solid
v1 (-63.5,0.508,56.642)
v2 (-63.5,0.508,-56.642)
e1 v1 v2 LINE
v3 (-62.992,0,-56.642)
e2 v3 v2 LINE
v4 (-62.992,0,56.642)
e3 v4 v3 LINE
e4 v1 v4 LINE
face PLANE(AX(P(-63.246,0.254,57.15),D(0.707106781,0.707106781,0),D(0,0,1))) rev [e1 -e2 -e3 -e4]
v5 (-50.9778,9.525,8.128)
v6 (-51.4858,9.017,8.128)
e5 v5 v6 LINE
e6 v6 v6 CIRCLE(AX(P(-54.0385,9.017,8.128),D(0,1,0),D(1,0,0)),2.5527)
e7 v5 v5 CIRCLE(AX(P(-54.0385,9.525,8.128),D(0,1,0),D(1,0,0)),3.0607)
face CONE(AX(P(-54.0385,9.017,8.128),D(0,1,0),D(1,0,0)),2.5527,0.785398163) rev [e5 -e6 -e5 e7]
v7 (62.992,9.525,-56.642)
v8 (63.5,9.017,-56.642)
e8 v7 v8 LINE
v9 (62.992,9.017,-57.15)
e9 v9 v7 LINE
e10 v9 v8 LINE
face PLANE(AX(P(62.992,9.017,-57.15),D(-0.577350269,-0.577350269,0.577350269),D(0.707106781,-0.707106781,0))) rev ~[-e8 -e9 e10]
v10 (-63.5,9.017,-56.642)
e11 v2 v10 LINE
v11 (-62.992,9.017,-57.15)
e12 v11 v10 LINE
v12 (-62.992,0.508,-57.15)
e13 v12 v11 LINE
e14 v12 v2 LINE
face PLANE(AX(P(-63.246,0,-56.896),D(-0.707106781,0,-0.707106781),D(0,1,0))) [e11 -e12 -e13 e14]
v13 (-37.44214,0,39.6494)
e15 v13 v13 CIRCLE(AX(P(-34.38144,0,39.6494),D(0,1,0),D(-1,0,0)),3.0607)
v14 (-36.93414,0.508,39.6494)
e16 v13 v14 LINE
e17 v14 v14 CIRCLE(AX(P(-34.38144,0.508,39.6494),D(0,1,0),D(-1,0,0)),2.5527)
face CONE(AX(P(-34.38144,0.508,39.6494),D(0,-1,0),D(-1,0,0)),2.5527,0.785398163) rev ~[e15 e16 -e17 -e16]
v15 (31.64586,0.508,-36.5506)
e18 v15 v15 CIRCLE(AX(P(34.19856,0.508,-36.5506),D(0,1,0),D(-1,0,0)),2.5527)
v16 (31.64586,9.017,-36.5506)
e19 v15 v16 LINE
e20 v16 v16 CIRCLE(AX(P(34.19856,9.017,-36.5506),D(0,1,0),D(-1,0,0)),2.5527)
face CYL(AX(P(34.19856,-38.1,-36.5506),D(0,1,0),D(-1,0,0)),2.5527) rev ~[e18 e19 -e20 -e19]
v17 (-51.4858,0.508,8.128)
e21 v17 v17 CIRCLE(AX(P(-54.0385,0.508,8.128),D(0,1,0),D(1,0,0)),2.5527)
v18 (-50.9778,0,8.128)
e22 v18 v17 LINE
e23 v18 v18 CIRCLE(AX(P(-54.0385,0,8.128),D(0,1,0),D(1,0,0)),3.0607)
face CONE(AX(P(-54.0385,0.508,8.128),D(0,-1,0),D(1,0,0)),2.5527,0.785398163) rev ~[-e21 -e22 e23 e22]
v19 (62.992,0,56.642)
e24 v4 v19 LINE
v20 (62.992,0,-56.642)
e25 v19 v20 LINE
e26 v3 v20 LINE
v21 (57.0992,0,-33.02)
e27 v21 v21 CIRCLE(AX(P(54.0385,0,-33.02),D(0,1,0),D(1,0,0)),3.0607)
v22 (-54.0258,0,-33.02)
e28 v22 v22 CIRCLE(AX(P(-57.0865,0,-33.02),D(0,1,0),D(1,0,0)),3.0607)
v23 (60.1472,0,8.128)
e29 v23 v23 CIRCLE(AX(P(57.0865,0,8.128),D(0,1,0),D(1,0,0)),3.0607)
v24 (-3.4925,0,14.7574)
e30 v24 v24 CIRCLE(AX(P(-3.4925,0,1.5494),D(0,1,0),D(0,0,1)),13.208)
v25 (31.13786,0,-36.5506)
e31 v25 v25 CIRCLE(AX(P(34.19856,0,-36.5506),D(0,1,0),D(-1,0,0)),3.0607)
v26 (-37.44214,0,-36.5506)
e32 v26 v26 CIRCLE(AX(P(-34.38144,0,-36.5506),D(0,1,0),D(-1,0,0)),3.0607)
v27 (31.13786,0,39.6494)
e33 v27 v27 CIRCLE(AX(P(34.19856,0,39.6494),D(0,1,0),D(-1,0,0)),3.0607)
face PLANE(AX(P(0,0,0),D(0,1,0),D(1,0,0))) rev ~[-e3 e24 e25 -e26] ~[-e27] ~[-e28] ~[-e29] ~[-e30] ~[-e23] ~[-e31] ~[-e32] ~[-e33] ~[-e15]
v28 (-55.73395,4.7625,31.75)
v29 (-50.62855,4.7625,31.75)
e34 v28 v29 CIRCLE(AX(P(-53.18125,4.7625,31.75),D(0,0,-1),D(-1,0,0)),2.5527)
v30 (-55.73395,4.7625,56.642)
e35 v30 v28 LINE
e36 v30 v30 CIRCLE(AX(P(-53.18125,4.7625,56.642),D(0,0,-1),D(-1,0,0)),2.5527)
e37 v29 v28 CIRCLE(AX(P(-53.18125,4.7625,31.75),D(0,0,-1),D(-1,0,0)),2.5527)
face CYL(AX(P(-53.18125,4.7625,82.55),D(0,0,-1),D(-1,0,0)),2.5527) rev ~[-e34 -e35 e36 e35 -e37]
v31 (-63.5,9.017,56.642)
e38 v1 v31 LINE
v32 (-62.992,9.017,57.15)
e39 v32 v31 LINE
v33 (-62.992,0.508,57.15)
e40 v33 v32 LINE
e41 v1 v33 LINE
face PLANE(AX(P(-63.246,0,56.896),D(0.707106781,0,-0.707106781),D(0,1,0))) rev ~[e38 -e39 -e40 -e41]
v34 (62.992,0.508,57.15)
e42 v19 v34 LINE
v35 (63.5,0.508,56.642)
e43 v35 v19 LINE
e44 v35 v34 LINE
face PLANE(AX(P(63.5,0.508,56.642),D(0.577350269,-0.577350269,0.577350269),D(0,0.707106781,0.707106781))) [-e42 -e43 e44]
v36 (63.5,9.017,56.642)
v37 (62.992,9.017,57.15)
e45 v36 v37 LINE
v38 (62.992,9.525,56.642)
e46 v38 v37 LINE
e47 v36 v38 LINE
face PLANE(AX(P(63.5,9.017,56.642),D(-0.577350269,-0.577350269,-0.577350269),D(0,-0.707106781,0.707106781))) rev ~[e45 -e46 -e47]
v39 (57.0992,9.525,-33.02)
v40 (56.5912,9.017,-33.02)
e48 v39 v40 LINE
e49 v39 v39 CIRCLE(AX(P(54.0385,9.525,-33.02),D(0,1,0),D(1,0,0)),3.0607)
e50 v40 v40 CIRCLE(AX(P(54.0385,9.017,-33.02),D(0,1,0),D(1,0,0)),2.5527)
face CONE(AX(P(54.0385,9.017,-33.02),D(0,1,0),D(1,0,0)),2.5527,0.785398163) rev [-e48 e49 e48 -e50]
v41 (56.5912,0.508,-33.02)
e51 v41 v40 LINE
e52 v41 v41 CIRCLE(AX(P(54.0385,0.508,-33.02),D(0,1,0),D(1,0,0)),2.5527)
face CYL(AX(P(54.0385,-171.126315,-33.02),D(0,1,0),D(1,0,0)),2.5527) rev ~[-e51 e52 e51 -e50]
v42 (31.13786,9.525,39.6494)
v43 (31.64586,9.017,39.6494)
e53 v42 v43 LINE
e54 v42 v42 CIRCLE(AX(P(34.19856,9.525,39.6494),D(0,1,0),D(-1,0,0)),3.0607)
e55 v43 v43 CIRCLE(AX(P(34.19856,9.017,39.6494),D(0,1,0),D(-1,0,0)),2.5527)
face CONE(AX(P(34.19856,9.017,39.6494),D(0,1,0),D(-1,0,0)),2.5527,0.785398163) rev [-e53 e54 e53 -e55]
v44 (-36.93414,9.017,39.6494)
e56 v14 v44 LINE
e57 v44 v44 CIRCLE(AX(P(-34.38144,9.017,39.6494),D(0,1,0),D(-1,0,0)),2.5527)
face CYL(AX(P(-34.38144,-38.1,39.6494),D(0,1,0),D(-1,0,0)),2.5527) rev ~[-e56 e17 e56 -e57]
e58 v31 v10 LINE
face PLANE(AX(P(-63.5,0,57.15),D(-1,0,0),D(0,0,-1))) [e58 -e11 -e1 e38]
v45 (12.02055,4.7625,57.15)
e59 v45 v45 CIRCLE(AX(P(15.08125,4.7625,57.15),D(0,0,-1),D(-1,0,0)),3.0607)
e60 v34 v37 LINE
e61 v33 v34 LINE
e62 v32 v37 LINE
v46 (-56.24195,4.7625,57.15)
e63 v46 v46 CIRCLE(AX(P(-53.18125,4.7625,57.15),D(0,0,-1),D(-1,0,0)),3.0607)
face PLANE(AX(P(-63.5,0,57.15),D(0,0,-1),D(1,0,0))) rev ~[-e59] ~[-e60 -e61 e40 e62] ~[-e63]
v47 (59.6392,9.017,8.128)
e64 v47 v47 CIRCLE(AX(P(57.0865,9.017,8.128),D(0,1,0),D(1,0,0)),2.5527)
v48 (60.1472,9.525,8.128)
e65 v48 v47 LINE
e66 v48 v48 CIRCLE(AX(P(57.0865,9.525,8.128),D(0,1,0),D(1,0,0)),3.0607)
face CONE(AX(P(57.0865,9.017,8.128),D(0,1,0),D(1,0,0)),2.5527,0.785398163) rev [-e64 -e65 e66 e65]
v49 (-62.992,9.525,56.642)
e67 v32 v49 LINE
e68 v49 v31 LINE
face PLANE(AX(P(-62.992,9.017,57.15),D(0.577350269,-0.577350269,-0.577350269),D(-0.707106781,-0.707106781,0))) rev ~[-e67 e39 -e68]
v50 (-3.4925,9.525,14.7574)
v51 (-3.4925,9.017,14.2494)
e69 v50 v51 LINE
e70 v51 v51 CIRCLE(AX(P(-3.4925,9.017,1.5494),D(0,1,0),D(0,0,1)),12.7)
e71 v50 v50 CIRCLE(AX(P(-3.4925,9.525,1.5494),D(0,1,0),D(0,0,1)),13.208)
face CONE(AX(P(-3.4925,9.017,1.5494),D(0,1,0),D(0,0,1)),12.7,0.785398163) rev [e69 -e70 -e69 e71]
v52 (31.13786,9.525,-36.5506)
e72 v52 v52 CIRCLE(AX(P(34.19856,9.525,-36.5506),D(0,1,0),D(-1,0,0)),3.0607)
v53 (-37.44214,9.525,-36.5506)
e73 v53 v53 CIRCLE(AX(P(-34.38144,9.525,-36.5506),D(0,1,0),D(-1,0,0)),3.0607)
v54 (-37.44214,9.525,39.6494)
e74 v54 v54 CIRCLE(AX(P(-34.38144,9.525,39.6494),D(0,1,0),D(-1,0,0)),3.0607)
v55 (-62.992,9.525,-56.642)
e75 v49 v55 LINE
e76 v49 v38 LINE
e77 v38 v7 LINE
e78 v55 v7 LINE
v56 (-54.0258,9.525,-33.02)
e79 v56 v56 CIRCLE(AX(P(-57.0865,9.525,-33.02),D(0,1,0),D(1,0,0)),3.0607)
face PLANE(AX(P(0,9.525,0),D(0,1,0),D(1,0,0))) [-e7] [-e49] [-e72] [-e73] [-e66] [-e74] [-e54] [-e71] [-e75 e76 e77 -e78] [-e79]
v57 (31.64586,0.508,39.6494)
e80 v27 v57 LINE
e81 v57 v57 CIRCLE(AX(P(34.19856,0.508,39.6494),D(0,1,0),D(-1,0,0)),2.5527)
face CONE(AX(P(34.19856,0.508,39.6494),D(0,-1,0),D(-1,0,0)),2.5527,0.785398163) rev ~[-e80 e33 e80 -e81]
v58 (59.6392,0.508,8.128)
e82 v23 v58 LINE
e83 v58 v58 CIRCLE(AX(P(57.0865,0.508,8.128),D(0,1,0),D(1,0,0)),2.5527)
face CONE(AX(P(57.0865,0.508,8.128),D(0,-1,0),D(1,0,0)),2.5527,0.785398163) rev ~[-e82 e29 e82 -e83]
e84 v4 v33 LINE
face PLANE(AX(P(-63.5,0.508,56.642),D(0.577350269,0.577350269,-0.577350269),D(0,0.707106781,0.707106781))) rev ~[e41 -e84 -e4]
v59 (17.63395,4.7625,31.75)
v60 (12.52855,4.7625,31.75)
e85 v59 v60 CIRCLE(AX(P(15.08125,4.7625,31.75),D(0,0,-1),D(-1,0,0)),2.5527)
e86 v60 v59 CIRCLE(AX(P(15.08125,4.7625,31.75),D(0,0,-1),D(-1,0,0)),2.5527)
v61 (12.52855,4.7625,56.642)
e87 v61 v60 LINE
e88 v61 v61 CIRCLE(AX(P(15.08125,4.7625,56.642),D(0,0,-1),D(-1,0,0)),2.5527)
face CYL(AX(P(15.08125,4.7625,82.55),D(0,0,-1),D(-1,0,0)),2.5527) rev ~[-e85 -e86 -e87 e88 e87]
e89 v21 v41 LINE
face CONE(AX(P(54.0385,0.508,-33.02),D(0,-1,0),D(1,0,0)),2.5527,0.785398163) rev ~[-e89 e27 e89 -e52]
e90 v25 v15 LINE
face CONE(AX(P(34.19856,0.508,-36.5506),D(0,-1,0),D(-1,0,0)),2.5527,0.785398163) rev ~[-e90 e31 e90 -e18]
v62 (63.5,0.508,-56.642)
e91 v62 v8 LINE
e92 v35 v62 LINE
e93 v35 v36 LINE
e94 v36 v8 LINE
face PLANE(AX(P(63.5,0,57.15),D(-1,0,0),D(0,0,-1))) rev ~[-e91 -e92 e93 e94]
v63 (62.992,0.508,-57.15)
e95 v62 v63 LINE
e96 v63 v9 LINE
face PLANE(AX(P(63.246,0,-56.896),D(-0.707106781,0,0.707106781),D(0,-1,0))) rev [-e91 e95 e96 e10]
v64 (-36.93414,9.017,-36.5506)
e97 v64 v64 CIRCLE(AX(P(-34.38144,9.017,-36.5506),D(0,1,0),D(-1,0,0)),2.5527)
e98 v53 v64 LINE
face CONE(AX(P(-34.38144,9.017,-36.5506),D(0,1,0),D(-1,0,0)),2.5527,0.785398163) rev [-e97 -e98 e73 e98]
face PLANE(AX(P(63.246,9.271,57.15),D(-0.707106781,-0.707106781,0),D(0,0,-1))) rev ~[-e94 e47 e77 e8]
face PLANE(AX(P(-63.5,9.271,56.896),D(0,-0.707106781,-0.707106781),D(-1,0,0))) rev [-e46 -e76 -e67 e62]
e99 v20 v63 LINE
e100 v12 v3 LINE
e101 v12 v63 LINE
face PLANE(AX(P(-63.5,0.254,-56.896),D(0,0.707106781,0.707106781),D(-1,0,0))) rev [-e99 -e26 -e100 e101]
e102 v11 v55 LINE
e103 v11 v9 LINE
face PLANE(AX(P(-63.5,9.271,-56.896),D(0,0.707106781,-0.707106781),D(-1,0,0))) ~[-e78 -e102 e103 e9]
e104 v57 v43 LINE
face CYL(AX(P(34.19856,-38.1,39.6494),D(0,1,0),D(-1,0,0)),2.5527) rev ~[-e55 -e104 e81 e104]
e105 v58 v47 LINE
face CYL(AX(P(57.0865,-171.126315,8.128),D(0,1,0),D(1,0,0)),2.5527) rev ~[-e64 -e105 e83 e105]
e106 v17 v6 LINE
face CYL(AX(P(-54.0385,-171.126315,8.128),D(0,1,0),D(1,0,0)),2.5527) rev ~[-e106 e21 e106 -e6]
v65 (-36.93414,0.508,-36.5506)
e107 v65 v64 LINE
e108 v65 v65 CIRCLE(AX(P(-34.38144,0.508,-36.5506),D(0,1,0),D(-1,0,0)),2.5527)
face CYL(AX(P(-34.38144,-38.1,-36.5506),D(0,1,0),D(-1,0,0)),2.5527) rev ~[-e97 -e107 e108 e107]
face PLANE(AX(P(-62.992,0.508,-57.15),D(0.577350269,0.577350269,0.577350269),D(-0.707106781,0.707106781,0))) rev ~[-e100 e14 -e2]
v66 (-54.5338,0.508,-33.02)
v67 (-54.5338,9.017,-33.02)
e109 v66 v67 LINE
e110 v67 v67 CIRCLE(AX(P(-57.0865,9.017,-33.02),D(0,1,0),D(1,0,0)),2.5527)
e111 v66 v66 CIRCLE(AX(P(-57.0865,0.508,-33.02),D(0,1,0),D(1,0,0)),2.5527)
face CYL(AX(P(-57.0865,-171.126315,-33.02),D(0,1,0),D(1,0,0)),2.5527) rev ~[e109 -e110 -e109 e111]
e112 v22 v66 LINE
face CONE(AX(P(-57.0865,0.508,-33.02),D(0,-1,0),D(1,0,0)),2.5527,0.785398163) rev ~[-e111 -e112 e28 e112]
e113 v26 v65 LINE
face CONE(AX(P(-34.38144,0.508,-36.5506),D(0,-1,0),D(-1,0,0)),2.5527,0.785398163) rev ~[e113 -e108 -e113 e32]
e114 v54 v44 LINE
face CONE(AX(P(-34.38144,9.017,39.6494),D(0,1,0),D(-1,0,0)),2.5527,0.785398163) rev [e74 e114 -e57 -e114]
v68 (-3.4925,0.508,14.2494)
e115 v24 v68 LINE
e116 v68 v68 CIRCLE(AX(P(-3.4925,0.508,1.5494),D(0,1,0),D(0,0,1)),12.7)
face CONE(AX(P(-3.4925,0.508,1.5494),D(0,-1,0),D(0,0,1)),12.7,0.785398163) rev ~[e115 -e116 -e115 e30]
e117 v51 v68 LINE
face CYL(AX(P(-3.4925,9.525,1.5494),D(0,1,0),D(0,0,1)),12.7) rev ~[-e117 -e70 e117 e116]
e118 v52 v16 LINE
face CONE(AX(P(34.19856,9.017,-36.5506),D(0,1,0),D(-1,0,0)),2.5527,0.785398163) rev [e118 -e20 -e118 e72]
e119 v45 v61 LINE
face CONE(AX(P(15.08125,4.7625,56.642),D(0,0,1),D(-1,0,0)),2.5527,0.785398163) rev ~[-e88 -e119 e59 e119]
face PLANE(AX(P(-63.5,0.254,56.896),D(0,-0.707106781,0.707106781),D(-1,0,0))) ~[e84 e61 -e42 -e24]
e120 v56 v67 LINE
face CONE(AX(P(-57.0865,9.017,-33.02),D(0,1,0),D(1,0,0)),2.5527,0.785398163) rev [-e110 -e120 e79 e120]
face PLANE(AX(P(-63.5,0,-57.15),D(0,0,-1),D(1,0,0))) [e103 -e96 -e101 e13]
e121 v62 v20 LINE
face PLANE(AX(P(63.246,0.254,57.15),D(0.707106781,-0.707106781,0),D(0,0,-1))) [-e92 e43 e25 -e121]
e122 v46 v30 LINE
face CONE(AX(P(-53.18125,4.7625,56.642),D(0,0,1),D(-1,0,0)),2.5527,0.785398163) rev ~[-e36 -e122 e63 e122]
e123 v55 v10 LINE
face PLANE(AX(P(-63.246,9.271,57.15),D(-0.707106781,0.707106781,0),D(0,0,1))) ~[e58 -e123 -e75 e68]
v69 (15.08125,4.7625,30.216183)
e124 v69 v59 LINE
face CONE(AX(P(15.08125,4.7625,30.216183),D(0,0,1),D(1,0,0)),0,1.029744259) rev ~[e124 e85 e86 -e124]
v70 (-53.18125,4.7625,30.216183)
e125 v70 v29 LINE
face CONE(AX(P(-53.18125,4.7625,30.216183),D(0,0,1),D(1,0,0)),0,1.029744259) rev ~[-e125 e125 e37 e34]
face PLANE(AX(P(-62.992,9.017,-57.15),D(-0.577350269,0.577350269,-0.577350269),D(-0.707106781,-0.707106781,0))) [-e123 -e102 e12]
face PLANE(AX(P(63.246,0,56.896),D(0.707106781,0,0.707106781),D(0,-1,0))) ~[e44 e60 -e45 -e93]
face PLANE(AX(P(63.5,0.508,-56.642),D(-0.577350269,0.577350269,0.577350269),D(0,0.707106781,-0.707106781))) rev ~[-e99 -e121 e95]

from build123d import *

# Parameters (mm, degrees)
SKETCH1_W                             = 127
SKETCH1_H                             = 114.3
BOSS_EXTRUDE1_DEPTH                   = 9.525
SKETCH2_R                             = 12.7
CUT_EXTRUDE1_DEPTH                    = 86.959863454
F_10_CLEARANCE_HOLE2_D                = 5.1054
F_10_CLEARANCE_HOLE2_DEPTH            = 38.1
F_10_CLEARANCE_HOLE2_TIP              = 1.533816902
F_10_CLEARANCE_HOLE3_D                = 5.1054
TAPPED_HOLE_FOR_10_32_HELICOIL1_D     = 5.1054
TAPPED_HOLE_FOR_10_32_HELICOIL1_DEPTH = 25.4
TAPPED_HOLE_FOR_10_32_HELICOIL1_TIP   = 1.533816902
CHAMFER1_SIZE                         = 0.508


with BuildPart() as part:
    # Sketch1 → Boss-Extrude1 (new body)
    with BuildSketch(Plane(origin=(0, 0, 0), x_dir=(1, 0, 0), z_dir=(0, 1, 0))):
        Rectangle(SKETCH1_W, SKETCH1_H)
    extrude(amount=BOSS_EXTRUDE1_DEPTH)

    # Sketch2 → Cut-Extrude1 (cut, through all)
    with BuildSketch(Plane(origin=(0, 9.525, 0), x_dir=(1, 0, 0), z_dir=(0, 1, 0))):
        with Locations(Location((-3.4925, -1.5494, 0), (0, 0, 270))):
            Circle(SKETCH2_R)
    extrude(amount=-CUT_EXTRUDE1_DEPTH, mode=Mode.SUBTRACT)

    # #10 Clearance Hole2
    with Locations(Plane(origin=(1.014314116, 0, 37.659468055), x_dir=(1, 0, 0), z_dir=(0, -1, 0))):
        with Locations((-35.395754116, -74.210068055), (33.184245884, 1.989931945), (-35.395754116, 1.989931945), (33.184245884, -74.210068055)):
            Hole(F_10_CLEARANCE_HOLE2_D / 2, depth=F_10_CLEARANCE_HOLE2_DEPTH)
            with Locations((0, 0, -(F_10_CLEARANCE_HOLE2_DEPTH + F_10_CLEARANCE_HOLE2_TIP / 2))):  # 118° drill point
                Cone(0, F_10_CLEARANCE_HOLE2_D / 2, F_10_CLEARANCE_HOLE2_TIP, mode=Mode.SUBTRACT)

    # #10 Clearance Hole3 (through all)
    with Locations(Plane(origin=(0, 0, 0), x_dir=(-1, 0, 0), z_dir=(0, -1, 0))):
        with Locations((-54.0385, 33.02), (-57.0865, -8.128), (57.0865, 33.02), (54.0385, -8.128)):
            Hole(F_10_CLEARANCE_HOLE3_D / 2)

    # Tapped Hole for #10-32 Helicoil1
    with Locations(Plane.XY.offset(57.15)):
        with Locations((-53.18125, 4.7625), (15.08125, 4.7625)):
            Hole(TAPPED_HOLE_FOR_10_32_HELICOIL1_D / 2, depth=TAPPED_HOLE_FOR_10_32_HELICOIL1_DEPTH)
            with Locations((0, 0, -(TAPPED_HOLE_FOR_10_32_HELICOIL1_DEPTH + TAPPED_HOLE_FOR_10_32_HELICOIL1_TIP / 2))):  # 118° drill point
                Cone(0, TAPPED_HOLE_FOR_10_32_HELICOIL1_D / 2, TAPPED_HOLE_FOR_10_32_HELICOIL1_TIP, mode=Mode.SUBTRACT)

    # Chamfer1
    chamfer1_edges = [part.edges().sort_by_distance(p)[0] for p in [
        (-63.5, 9.525, 0),
        (0, 9.525, 57.15),
        (-3.4925, 0, -11.1506),
        (-3.4925, 9.525, -11.1506),
        (36.75126, 9.525, -36.5506),
        (36.75126, 0, -36.5506),
        (-31.82874, 9.525, 39.6494),
        (-31.82874, 0, 39.6494),
        (36.75126, 9.525, 39.6494),
        (36.75126, 0, 39.6494),
        (-31.82874, 9.525, -36.5506),
        (-31.82874, 0, -36.5506),
        (63.5, 9.525, 0),
        (-56.5912, 0, 8.128),
        (-56.5912, 9.525, 8.128),
        (0, 0, 57.15),
        (-59.6392, 0, -33.02),
        (-59.6392, 9.525, -33.02),
        (-63.5, 0, 0),
        (0, 0, -57.15),
        (54.5338, 0, 8.128),
        (54.5338, 9.525, 8.128),
        (63.5, 0, 0),
        (51.4858, 0, -33.02),
        (51.4858, 9.525, -33.02),
        (17.63395, 4.7625, 57.15),
        (-50.62855, 4.7625, 57.15),
        (0, 9.525, -57.15),
        (63.5, 4.7625, 57.15),
        (-63.5, 4.7625, 57.15),
        (-63.5, 4.7625, -57.15),
        (63.5, 4.7625, -57.15),
    ]]
    chamfer(chamfer1_edges, length=CHAMFER1_SIZE)


solid = part.part
